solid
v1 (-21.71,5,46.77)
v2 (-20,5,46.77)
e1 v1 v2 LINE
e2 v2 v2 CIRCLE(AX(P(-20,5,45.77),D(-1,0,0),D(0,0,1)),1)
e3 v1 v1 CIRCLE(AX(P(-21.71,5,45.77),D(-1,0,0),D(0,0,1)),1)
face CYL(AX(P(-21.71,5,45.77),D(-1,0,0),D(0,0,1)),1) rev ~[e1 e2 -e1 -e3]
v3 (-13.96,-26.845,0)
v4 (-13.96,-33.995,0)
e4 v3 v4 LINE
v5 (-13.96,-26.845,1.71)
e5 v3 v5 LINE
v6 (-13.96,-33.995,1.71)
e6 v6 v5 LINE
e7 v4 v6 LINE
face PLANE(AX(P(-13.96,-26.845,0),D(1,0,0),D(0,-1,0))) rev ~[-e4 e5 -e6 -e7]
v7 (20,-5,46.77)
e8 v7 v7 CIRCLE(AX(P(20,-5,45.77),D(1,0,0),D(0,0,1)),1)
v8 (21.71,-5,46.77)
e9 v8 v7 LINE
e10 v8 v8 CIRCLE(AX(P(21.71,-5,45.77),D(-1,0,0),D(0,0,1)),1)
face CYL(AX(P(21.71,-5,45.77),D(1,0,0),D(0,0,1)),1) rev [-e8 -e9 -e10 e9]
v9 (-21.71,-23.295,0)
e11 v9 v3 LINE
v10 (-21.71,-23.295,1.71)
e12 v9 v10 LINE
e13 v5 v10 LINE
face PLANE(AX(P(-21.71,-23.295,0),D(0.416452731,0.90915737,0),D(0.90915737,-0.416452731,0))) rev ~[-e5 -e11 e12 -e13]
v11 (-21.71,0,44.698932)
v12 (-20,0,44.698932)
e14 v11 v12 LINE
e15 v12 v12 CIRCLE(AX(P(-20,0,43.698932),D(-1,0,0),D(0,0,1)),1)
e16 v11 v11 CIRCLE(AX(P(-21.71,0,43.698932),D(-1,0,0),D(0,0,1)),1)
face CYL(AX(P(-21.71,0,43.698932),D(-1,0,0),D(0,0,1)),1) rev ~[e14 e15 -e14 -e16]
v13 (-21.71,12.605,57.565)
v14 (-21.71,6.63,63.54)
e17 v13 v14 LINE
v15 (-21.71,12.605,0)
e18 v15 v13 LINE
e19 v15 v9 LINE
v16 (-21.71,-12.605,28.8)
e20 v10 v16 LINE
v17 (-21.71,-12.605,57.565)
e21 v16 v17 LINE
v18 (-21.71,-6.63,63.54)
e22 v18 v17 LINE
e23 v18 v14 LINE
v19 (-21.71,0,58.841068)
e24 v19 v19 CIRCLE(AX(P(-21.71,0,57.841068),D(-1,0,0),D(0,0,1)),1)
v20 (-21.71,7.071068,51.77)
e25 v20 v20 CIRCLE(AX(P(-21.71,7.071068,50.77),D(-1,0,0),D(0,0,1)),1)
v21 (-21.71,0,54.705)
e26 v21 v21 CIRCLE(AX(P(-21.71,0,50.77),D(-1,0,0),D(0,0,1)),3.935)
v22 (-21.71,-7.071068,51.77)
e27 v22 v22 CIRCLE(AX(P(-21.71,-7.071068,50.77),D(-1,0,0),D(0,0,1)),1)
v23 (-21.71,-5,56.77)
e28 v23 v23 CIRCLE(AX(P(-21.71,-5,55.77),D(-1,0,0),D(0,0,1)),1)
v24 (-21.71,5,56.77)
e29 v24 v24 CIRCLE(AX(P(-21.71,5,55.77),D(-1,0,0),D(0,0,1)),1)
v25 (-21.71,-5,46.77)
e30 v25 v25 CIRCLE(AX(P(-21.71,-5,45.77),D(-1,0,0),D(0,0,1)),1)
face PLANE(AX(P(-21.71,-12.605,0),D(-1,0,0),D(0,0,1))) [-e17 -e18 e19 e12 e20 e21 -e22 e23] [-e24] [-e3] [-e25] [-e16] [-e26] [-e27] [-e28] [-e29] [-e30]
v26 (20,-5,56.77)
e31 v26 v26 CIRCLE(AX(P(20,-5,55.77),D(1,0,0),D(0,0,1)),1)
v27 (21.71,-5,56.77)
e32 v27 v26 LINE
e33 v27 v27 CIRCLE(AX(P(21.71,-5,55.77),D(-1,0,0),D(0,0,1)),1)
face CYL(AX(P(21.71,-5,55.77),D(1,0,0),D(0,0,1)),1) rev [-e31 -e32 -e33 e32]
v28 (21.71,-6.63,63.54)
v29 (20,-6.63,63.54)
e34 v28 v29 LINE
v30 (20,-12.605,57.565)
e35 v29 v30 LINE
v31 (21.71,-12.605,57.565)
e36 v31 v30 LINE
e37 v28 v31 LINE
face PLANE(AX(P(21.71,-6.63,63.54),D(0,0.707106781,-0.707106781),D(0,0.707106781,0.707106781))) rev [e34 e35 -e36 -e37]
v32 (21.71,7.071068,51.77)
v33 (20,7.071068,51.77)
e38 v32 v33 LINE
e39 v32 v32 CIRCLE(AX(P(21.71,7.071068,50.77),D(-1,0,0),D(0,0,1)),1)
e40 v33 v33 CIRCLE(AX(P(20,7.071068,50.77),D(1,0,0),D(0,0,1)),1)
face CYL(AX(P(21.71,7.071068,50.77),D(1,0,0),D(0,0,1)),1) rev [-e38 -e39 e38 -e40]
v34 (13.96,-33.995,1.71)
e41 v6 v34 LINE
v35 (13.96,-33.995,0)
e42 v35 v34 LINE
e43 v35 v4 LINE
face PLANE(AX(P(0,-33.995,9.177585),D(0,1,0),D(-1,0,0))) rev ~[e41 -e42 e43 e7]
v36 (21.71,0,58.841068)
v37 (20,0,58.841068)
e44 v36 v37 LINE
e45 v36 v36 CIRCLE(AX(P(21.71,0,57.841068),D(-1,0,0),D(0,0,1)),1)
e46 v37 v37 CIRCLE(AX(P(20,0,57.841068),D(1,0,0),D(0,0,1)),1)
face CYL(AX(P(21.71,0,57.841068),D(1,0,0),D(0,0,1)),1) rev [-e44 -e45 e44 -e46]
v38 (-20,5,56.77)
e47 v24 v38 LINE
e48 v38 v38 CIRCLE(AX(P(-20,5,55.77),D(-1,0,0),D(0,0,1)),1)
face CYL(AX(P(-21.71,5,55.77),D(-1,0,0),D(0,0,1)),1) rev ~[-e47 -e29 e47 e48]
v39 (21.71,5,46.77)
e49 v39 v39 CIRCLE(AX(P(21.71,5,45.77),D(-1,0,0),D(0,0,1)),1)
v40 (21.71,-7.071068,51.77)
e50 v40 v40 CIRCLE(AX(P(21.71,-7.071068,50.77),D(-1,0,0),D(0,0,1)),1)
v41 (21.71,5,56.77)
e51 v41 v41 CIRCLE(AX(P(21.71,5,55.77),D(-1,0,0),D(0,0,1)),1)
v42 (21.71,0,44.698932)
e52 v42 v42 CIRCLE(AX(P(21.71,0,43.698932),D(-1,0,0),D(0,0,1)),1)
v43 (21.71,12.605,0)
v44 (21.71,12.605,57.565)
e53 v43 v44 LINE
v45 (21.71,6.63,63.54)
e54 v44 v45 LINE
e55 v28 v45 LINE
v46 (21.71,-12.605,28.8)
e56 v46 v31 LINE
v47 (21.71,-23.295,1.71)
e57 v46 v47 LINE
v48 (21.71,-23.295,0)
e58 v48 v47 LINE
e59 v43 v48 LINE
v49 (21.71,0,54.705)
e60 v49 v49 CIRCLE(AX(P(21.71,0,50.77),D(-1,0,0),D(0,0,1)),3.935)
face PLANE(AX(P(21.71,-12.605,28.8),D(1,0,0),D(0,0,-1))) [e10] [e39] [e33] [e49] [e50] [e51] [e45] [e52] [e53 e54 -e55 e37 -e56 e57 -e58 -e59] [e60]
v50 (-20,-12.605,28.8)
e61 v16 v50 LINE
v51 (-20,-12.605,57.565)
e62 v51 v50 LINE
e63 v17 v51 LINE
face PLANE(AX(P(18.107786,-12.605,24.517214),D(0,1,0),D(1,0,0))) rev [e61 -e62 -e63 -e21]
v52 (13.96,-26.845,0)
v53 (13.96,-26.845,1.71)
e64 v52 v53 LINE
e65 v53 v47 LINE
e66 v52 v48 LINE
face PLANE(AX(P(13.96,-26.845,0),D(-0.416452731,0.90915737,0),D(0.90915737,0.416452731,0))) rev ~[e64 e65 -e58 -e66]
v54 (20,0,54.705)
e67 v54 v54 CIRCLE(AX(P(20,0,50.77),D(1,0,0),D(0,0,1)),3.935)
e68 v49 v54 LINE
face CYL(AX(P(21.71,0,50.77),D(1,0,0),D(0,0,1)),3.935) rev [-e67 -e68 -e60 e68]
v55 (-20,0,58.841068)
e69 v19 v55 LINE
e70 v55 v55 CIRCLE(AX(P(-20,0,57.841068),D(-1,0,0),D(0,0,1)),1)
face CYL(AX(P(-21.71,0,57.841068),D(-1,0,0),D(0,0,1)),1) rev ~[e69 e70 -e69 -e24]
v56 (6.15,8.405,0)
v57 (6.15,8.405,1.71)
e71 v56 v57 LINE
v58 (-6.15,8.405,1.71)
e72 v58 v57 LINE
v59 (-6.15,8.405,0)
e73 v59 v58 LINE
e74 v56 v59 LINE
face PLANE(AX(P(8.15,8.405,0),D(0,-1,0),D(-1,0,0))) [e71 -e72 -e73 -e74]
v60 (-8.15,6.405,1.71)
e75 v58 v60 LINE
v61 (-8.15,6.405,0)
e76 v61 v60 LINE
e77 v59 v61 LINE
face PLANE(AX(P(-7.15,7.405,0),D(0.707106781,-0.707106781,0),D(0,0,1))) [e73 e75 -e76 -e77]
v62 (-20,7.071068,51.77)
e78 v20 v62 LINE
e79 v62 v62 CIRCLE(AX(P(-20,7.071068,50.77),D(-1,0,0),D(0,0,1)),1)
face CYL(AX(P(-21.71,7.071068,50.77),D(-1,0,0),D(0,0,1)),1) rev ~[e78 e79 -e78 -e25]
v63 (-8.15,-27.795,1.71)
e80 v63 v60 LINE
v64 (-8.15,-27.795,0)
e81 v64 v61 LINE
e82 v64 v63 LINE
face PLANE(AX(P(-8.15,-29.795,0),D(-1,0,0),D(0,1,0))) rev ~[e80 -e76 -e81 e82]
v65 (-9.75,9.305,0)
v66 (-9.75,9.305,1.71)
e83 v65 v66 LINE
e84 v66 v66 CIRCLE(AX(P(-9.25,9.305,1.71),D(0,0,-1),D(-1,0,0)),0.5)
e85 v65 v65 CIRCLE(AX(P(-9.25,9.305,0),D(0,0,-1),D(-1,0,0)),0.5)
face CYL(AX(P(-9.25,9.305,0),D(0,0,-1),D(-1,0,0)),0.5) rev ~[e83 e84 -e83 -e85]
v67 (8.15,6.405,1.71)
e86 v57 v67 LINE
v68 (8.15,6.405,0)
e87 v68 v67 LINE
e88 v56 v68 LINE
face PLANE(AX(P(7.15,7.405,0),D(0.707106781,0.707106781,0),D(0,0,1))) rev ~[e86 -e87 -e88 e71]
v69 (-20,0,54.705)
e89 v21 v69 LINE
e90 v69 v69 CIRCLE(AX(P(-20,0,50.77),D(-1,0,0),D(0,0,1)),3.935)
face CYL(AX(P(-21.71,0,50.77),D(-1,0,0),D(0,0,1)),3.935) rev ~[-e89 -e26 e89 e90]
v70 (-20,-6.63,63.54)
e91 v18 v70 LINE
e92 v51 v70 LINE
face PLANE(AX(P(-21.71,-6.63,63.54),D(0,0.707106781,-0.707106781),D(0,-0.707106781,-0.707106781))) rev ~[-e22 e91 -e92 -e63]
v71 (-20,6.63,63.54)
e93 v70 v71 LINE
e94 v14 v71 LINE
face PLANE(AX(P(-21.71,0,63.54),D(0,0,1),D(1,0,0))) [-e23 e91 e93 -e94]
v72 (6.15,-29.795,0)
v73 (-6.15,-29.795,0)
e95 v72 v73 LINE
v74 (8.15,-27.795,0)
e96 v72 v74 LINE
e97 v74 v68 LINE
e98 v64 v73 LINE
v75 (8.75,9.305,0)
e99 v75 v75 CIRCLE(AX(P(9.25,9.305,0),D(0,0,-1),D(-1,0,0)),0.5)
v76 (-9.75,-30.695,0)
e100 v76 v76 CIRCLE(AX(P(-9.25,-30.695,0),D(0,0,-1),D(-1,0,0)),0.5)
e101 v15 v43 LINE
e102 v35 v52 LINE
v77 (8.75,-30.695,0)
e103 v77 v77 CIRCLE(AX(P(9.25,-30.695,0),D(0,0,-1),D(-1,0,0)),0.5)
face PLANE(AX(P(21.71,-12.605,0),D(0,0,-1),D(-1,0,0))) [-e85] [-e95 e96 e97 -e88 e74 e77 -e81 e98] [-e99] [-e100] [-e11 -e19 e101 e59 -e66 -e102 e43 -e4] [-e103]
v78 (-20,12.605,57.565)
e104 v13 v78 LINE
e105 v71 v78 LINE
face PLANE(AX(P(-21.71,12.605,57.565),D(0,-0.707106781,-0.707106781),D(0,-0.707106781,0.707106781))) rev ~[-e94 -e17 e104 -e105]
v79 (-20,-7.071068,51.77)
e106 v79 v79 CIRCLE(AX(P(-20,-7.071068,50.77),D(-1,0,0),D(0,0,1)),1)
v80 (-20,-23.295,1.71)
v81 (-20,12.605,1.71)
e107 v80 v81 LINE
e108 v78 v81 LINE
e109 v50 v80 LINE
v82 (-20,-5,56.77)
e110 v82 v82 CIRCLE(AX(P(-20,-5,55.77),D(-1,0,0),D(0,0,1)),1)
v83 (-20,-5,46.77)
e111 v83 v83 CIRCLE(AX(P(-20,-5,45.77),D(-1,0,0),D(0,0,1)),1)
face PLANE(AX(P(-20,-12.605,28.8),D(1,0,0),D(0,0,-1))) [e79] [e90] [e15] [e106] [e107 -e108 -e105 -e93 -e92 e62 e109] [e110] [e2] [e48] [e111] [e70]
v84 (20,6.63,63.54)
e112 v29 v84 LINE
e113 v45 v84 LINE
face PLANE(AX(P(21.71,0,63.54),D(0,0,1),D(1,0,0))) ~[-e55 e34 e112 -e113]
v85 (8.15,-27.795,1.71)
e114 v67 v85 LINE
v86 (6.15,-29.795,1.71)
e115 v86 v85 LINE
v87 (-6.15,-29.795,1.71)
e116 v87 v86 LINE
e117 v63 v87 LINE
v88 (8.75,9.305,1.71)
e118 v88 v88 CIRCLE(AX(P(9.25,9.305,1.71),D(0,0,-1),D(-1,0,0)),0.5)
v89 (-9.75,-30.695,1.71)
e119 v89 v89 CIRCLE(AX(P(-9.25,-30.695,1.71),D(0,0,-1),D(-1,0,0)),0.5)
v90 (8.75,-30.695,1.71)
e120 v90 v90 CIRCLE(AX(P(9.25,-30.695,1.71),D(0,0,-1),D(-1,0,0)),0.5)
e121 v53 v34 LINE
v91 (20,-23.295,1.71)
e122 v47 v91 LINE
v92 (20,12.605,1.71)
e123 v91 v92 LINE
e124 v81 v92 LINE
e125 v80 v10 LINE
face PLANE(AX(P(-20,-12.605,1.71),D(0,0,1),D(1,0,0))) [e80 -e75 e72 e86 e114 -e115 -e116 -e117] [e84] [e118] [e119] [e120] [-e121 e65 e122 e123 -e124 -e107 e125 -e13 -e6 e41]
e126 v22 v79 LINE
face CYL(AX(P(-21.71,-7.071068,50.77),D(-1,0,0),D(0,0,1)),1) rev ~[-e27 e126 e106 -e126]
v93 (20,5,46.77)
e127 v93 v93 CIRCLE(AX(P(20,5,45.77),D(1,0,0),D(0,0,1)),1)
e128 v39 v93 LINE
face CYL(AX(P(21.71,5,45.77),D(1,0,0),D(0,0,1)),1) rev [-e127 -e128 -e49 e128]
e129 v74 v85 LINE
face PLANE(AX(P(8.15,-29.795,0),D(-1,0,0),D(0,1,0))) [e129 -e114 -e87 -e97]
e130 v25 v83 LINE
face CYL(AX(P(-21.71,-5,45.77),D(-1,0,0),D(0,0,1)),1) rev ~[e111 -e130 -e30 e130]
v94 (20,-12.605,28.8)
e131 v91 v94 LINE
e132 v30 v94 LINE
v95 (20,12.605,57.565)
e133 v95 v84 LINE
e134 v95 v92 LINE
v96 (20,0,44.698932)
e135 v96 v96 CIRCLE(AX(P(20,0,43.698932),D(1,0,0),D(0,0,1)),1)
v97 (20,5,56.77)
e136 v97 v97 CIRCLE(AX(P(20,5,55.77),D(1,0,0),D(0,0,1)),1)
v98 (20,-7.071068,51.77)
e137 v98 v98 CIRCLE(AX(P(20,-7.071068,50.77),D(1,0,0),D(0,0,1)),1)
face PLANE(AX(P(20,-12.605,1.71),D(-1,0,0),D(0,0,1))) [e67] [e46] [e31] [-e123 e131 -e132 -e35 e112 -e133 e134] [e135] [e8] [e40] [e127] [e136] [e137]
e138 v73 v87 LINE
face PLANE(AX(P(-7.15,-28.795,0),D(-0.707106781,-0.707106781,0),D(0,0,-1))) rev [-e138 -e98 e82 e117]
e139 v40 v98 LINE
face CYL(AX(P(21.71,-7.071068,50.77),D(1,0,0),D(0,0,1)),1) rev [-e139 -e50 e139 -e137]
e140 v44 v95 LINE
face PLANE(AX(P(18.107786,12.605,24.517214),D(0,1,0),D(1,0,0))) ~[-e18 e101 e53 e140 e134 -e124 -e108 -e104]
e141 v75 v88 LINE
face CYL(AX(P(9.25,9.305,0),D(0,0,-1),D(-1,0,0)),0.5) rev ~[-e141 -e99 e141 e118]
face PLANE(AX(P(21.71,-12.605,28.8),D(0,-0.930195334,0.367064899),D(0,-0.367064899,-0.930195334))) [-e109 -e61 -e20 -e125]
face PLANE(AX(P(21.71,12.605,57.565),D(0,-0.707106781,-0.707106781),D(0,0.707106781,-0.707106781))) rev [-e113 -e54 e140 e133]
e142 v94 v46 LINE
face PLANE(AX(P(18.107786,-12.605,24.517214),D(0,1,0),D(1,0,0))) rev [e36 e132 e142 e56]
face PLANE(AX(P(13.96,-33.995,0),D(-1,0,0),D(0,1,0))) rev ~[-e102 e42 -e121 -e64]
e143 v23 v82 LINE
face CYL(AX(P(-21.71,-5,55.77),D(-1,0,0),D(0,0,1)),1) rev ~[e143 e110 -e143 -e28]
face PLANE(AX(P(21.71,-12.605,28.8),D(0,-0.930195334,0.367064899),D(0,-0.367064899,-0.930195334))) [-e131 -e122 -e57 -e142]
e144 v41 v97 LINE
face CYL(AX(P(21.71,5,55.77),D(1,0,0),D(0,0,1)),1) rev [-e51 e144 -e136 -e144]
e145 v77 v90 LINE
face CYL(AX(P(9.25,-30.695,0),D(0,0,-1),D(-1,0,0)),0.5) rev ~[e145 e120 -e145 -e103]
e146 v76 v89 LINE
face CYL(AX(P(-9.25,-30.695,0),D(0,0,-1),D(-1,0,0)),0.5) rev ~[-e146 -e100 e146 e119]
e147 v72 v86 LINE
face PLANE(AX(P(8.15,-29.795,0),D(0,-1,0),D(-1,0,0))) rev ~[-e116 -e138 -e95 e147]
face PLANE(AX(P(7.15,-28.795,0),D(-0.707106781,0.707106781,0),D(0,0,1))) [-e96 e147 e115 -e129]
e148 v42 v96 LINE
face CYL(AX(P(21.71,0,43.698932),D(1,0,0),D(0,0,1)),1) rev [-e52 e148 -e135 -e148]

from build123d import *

# Parameters (mm, degrees)
BOSS_EXTRUDE1_DEPTH = 12.605
CUT_EXTRUDE1_DEPTH  = 32.2
SKETCH3_R           = 3.935
SKETCH3_R_2         = 1
CUT_EXTRUDE2_DEPTH  = 32.2
BOSS_EXTRUDE2_DEPTH = 21.39
SKETCH6_R           = 0.5
SKETCH6_W           = 16.3
SKETCH6_H           = 38.2
CUT_EXTRUDE4_DEPTH  = 45
CUT_EXTRUDE5_DEPTH  = 68
CHAMFER3_SIZE       = 2


with BuildPart() as part:
    # Sketch1 → Boss-Extrude1 (new, symmetric)
    with BuildSketch(Plane(origin=(0, 0, 0), x_dir=(1, 0, 0), z_dir=(0, 1, 0))):
        Polygon((0, 0), (-21.71, 0), (-21.71, -63.54), (-20, -63.54), (-20, -1.71), (0, -1.71), align=None)
    boss_extrude1 = extrude(amount=BOSS_EXTRUDE1_DEPTH, both=True)

    # Sketch2 → Cut-Extrude1 (cut)
    with BuildSketch(Plane.ZY.offset(21.71)):
        Polygon((57.565, 12.605), (63.54, 6.63), (63.54, 12.605), align=None)
        Polygon((63.54, -6.63), (57.565, -12.605), (63.54, -12.605), align=None)
    cut_extrude1 = extrude(amount=-CUT_EXTRUDE1_DEPTH, mode=Mode.SUBTRACT)

    # Sketch3 → Cut-Extrude2 (cut)
    with BuildSketch(Plane.ZY.offset(21.71)):
        with Locations((50.77, 0)):
            Circle(SKETCH3_R)
        with Locations((45.77, 5)):
            Circle(SKETCH3_R_2)
        with Locations((55.77, 5)):
            Circle(SKETCH3_R_2)
        with Locations((55.77, -5)):
            Circle(SKETCH3_R_2)
        with Locations((45.77, -5)):
            Circle(SKETCH3_R_2)
        with Locations((43.698932188, 0)):
            Circle(SKETCH3_R_2)
        with Locations((50.77, -7.071067812)):
            Circle(SKETCH3_R_2)
        with Locations((57.841067812, 0)):
            Circle(SKETCH3_R_2)
        with Locations((50.77, 7.071067812)):
            Circle(SKETCH3_R_2)
    cut_extrude2 = extrude(amount=-CUT_EXTRUDE2_DEPTH, mode=Mode.SUBTRACT)

    # Mirror1: Boss-Extrude1, Cut-Extrude1, Cut-Extrude2 across plane
    add(boss_extrude1.mirror(Plane(origin=(0, 12.605, 1.71), x_dir=(0, 0, 1), z_dir=(-1, 0, 0))))
    add(cut_extrude1.mirror(Plane(origin=(0, 12.605, 1.71), x_dir=(0, 0, 1), z_dir=(-1, 0, 0))), mode=Mode.SUBTRACT)
    add(cut_extrude2.mirror(Plane(origin=(0, 12.605, 1.71), x_dir=(0, 0, 1), z_dir=(-1, 0, 0))), mode=Mode.SUBTRACT)

    # Sketch5 → Boss-Extrude2 (add)
    with BuildSketch(Plane.XZ.offset(12.605)):
        Polygon((-21.71, 28.8), (-20, 28.8), (-20, 1.71), (20, 1.71), (20, 28.8), (21.71, 28.8), (21.71, 0), (-21.71, 0), align=None)
    extrude(amount=BOSS_EXTRUDE2_DEPTH)

    # Sketch6 → Cut-Extrude4 (cut)
    with BuildSketch(Plane(origin=(0, 0, 0), x_dir=(-1, 0, 0), z_dir=(0, 0, -1))):
        with Locations((-9.25, 9.305)):
            Circle(SKETCH6_R)
        with Locations((9.25, 9.305)):
            Circle(SKETCH6_R)
        with Locations((9.25, -30.695)):
            Circle(SKETCH6_R)
        with Locations((-9.25, -30.695)):
            Circle(SKETCH6_R)
        Polygon((-21.71, -26.845), (-21.71, -33.995), (-13.96, -33.995), (-13.96, -26.845), (-21.71, -23.295), align=None)
        Polygon((21.71, -23.295), (13.96, -26.845), (13.96, -33.995), (21.71, -33.995), (21.71, -26.845), align=None)
        with Locations((0, -10.695)):
            Rectangle(SKETCH6_W, SKETCH6_H)
    extrude(amount=-CUT_EXTRUDE4_DEPTH, mode=Mode.SUBTRACT)

    # Sketch7 → Cut-Extrude5 (cut)
    with BuildSketch(Plane(origin=(21.71, 0, 0), x_dir=(0, 0, -1), z_dir=(1, 0, 0))):
        Polygon((-28.8, -12.605), (-1.71, -23.295), (-1.71, -35.593839202), (-28.8, -35.593839202), align=None)
    extrude(amount=-CUT_EXTRUDE5_DEPTH, mode=Mode.SUBTRACT)

    # Chamfer3
    chamfer3_edges = [part.edges().sort_by_distance(p)[0] for p in [
        (-8.15, 8.405, 0.855),
        (-8.15, -29.795, 0.855),
        (8.15, -29.795, 0.855),
        (8.15, 8.405, 0.855),
    ]]
    chamfer(chamfer3_edges, length=CHAMFER3_SIZE)


solid = part.part
